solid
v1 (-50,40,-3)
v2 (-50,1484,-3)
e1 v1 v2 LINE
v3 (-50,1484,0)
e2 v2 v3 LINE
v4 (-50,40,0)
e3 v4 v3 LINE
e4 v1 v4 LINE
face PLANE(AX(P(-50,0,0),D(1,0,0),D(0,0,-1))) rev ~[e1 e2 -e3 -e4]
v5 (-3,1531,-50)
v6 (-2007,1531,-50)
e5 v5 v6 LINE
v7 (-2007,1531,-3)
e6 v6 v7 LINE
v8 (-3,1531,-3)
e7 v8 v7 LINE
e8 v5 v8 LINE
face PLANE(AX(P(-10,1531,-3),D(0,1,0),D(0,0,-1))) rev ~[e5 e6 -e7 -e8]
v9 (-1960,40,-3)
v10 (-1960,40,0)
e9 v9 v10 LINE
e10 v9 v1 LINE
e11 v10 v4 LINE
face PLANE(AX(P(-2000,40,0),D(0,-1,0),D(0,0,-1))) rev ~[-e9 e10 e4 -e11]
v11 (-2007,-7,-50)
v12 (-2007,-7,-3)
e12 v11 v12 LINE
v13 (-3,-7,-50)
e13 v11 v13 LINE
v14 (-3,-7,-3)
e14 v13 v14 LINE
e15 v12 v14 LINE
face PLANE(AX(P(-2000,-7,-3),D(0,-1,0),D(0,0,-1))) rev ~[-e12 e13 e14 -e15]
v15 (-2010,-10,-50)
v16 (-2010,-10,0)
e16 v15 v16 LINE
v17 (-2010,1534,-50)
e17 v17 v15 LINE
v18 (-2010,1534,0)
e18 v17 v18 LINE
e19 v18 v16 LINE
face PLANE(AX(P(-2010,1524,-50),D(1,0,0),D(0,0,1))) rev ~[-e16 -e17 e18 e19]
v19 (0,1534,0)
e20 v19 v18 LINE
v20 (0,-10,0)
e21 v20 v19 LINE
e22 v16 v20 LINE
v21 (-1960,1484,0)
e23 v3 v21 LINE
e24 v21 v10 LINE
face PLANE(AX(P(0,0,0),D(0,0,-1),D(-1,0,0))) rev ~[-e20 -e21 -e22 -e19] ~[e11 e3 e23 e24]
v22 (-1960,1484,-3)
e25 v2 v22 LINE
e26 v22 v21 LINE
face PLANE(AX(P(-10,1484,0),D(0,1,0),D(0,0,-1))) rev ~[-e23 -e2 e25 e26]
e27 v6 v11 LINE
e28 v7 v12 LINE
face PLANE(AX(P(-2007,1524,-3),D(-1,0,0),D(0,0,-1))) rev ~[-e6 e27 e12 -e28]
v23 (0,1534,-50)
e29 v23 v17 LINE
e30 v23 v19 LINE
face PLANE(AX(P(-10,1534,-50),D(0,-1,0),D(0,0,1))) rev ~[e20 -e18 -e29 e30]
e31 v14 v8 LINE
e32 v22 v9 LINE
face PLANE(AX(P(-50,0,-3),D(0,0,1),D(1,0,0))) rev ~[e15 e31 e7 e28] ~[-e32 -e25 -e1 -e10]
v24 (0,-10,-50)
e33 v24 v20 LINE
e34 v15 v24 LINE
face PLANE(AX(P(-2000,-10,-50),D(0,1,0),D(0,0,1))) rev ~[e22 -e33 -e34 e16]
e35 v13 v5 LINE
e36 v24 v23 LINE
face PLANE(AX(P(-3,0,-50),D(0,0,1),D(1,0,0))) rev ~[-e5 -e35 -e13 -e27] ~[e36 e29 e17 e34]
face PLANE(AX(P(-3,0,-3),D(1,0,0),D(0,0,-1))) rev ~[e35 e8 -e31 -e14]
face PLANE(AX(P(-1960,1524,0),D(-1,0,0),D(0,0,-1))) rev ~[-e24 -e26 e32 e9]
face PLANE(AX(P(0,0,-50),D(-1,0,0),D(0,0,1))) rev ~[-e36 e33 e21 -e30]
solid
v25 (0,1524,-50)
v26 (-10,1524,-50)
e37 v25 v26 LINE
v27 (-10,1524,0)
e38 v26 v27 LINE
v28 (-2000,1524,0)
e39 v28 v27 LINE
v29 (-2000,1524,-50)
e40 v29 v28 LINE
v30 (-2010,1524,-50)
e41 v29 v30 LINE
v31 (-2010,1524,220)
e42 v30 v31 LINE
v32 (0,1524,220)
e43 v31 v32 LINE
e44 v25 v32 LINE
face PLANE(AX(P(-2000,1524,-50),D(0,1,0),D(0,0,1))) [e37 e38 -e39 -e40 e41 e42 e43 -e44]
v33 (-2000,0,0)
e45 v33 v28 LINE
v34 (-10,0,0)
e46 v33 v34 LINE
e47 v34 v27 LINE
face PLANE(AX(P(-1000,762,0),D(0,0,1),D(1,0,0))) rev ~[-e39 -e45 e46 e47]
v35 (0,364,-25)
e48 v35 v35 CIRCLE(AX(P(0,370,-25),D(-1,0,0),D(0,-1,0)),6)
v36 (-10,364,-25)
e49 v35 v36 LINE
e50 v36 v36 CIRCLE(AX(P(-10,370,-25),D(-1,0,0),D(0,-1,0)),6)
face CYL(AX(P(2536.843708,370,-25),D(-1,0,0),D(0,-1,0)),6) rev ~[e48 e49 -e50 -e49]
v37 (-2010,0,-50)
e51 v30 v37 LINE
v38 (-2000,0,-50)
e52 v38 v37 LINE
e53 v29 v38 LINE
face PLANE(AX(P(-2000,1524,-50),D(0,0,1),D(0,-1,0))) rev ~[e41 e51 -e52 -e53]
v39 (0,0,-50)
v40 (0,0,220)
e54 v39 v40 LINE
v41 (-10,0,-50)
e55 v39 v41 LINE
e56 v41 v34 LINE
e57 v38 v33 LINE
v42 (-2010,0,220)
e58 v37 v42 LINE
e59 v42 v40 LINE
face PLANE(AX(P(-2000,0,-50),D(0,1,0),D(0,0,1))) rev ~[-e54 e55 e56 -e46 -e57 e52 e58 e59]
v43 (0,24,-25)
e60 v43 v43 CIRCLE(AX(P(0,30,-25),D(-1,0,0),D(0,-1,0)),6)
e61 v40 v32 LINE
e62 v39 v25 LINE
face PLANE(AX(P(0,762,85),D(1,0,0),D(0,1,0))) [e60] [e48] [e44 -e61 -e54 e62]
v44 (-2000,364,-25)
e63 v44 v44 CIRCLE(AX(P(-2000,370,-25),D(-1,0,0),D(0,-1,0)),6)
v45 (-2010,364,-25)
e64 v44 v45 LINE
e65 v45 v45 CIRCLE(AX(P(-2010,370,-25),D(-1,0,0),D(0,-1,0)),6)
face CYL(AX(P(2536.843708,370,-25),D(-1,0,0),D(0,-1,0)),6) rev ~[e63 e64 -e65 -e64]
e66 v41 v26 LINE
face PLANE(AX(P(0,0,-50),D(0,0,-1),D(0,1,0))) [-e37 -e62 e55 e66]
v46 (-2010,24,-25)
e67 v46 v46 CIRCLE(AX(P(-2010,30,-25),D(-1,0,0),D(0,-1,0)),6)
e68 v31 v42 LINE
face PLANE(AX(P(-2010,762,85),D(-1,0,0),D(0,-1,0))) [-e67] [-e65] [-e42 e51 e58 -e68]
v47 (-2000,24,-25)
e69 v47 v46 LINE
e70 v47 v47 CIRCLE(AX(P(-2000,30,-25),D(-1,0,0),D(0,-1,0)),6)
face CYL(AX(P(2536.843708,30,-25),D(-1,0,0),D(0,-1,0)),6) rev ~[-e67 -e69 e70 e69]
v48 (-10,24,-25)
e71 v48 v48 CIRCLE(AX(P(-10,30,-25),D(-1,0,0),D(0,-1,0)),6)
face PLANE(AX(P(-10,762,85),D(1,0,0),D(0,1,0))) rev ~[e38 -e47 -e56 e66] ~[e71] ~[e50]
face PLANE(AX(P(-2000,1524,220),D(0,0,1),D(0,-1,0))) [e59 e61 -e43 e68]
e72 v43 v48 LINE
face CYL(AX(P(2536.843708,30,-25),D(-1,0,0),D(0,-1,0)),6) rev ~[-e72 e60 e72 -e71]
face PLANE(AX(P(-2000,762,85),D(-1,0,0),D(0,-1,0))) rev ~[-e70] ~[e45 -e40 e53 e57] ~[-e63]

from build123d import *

# Parameters (mm, degrees)
F0_W     = 2000
F0_H     = 1524
F1_DEPTH = 220
F2_W     = 1524
F2_H     = 270
F3_DEPTH = 10
F4_W     = 1524
F4_H     = 270
F5_DEPTH = 10
F7_D     = 12
F8_D     = 12


with BuildPart() as f1:
    # F0 (on Top) → F1 (new body)
    with BuildSketch(Plane.XY):
        with Locations((-1000, 762)):
            Rectangle(F0_W, F0_H)
    extrude(amount=F1_DEPTH)

    # F2 (on face) → F3 (join)
    with BuildSketch(Plane.YZ):
        with Locations((762, 85)):
            Rectangle(F2_W, F2_H)
    extrude(amount=-F3_DEPTH)

    # F4 (on face) → F5 (join)
    with BuildSketch(Plane(origin=(-2000, 0, 0), x_dir=(0, -1, 0), z_dir=(-1, 0, 0))):
        with Locations((-762, 85)):
            Rectangle(F4_W, F4_H)
    extrude(amount=F5_DEPTH)

    # F7 (through all)
    with Locations(Plane.YZ):
        with Locations((30, -25)):
            Hole(F7_D / 2)

    # F8 (through all)
    with Locations(Plane.YZ):
        with Locations((370, -25)):
            Hole(F8_D / 2)


with BuildPart() as f10:
    # F10: sweep along a path in F10_path
    with BuildLine(Plane(origin=(-10, 0, 0), x_dir=(0, -1, 0), z_dir=(0, 0, -1))) as f10_path:
        Line((0, 0), (-1524, 0))
        Line((-1524, 0), (-1524, 1990))
        Line((-1524, 1990), (0, 1990))
        Line((0, 1990), (0, 0))
    # F9 (on Front) → F10 (sweep)
    with BuildSketch(Plane.XZ):
        Polygon((0, -50), (0, 0), (-50, 0), (-50, -3), (-3, -3), (-3, -50), align=None)
    sweep(path=f10_path.line, transition=Transition.RIGHT)


solid = Compound([f1.part, f10.part])
